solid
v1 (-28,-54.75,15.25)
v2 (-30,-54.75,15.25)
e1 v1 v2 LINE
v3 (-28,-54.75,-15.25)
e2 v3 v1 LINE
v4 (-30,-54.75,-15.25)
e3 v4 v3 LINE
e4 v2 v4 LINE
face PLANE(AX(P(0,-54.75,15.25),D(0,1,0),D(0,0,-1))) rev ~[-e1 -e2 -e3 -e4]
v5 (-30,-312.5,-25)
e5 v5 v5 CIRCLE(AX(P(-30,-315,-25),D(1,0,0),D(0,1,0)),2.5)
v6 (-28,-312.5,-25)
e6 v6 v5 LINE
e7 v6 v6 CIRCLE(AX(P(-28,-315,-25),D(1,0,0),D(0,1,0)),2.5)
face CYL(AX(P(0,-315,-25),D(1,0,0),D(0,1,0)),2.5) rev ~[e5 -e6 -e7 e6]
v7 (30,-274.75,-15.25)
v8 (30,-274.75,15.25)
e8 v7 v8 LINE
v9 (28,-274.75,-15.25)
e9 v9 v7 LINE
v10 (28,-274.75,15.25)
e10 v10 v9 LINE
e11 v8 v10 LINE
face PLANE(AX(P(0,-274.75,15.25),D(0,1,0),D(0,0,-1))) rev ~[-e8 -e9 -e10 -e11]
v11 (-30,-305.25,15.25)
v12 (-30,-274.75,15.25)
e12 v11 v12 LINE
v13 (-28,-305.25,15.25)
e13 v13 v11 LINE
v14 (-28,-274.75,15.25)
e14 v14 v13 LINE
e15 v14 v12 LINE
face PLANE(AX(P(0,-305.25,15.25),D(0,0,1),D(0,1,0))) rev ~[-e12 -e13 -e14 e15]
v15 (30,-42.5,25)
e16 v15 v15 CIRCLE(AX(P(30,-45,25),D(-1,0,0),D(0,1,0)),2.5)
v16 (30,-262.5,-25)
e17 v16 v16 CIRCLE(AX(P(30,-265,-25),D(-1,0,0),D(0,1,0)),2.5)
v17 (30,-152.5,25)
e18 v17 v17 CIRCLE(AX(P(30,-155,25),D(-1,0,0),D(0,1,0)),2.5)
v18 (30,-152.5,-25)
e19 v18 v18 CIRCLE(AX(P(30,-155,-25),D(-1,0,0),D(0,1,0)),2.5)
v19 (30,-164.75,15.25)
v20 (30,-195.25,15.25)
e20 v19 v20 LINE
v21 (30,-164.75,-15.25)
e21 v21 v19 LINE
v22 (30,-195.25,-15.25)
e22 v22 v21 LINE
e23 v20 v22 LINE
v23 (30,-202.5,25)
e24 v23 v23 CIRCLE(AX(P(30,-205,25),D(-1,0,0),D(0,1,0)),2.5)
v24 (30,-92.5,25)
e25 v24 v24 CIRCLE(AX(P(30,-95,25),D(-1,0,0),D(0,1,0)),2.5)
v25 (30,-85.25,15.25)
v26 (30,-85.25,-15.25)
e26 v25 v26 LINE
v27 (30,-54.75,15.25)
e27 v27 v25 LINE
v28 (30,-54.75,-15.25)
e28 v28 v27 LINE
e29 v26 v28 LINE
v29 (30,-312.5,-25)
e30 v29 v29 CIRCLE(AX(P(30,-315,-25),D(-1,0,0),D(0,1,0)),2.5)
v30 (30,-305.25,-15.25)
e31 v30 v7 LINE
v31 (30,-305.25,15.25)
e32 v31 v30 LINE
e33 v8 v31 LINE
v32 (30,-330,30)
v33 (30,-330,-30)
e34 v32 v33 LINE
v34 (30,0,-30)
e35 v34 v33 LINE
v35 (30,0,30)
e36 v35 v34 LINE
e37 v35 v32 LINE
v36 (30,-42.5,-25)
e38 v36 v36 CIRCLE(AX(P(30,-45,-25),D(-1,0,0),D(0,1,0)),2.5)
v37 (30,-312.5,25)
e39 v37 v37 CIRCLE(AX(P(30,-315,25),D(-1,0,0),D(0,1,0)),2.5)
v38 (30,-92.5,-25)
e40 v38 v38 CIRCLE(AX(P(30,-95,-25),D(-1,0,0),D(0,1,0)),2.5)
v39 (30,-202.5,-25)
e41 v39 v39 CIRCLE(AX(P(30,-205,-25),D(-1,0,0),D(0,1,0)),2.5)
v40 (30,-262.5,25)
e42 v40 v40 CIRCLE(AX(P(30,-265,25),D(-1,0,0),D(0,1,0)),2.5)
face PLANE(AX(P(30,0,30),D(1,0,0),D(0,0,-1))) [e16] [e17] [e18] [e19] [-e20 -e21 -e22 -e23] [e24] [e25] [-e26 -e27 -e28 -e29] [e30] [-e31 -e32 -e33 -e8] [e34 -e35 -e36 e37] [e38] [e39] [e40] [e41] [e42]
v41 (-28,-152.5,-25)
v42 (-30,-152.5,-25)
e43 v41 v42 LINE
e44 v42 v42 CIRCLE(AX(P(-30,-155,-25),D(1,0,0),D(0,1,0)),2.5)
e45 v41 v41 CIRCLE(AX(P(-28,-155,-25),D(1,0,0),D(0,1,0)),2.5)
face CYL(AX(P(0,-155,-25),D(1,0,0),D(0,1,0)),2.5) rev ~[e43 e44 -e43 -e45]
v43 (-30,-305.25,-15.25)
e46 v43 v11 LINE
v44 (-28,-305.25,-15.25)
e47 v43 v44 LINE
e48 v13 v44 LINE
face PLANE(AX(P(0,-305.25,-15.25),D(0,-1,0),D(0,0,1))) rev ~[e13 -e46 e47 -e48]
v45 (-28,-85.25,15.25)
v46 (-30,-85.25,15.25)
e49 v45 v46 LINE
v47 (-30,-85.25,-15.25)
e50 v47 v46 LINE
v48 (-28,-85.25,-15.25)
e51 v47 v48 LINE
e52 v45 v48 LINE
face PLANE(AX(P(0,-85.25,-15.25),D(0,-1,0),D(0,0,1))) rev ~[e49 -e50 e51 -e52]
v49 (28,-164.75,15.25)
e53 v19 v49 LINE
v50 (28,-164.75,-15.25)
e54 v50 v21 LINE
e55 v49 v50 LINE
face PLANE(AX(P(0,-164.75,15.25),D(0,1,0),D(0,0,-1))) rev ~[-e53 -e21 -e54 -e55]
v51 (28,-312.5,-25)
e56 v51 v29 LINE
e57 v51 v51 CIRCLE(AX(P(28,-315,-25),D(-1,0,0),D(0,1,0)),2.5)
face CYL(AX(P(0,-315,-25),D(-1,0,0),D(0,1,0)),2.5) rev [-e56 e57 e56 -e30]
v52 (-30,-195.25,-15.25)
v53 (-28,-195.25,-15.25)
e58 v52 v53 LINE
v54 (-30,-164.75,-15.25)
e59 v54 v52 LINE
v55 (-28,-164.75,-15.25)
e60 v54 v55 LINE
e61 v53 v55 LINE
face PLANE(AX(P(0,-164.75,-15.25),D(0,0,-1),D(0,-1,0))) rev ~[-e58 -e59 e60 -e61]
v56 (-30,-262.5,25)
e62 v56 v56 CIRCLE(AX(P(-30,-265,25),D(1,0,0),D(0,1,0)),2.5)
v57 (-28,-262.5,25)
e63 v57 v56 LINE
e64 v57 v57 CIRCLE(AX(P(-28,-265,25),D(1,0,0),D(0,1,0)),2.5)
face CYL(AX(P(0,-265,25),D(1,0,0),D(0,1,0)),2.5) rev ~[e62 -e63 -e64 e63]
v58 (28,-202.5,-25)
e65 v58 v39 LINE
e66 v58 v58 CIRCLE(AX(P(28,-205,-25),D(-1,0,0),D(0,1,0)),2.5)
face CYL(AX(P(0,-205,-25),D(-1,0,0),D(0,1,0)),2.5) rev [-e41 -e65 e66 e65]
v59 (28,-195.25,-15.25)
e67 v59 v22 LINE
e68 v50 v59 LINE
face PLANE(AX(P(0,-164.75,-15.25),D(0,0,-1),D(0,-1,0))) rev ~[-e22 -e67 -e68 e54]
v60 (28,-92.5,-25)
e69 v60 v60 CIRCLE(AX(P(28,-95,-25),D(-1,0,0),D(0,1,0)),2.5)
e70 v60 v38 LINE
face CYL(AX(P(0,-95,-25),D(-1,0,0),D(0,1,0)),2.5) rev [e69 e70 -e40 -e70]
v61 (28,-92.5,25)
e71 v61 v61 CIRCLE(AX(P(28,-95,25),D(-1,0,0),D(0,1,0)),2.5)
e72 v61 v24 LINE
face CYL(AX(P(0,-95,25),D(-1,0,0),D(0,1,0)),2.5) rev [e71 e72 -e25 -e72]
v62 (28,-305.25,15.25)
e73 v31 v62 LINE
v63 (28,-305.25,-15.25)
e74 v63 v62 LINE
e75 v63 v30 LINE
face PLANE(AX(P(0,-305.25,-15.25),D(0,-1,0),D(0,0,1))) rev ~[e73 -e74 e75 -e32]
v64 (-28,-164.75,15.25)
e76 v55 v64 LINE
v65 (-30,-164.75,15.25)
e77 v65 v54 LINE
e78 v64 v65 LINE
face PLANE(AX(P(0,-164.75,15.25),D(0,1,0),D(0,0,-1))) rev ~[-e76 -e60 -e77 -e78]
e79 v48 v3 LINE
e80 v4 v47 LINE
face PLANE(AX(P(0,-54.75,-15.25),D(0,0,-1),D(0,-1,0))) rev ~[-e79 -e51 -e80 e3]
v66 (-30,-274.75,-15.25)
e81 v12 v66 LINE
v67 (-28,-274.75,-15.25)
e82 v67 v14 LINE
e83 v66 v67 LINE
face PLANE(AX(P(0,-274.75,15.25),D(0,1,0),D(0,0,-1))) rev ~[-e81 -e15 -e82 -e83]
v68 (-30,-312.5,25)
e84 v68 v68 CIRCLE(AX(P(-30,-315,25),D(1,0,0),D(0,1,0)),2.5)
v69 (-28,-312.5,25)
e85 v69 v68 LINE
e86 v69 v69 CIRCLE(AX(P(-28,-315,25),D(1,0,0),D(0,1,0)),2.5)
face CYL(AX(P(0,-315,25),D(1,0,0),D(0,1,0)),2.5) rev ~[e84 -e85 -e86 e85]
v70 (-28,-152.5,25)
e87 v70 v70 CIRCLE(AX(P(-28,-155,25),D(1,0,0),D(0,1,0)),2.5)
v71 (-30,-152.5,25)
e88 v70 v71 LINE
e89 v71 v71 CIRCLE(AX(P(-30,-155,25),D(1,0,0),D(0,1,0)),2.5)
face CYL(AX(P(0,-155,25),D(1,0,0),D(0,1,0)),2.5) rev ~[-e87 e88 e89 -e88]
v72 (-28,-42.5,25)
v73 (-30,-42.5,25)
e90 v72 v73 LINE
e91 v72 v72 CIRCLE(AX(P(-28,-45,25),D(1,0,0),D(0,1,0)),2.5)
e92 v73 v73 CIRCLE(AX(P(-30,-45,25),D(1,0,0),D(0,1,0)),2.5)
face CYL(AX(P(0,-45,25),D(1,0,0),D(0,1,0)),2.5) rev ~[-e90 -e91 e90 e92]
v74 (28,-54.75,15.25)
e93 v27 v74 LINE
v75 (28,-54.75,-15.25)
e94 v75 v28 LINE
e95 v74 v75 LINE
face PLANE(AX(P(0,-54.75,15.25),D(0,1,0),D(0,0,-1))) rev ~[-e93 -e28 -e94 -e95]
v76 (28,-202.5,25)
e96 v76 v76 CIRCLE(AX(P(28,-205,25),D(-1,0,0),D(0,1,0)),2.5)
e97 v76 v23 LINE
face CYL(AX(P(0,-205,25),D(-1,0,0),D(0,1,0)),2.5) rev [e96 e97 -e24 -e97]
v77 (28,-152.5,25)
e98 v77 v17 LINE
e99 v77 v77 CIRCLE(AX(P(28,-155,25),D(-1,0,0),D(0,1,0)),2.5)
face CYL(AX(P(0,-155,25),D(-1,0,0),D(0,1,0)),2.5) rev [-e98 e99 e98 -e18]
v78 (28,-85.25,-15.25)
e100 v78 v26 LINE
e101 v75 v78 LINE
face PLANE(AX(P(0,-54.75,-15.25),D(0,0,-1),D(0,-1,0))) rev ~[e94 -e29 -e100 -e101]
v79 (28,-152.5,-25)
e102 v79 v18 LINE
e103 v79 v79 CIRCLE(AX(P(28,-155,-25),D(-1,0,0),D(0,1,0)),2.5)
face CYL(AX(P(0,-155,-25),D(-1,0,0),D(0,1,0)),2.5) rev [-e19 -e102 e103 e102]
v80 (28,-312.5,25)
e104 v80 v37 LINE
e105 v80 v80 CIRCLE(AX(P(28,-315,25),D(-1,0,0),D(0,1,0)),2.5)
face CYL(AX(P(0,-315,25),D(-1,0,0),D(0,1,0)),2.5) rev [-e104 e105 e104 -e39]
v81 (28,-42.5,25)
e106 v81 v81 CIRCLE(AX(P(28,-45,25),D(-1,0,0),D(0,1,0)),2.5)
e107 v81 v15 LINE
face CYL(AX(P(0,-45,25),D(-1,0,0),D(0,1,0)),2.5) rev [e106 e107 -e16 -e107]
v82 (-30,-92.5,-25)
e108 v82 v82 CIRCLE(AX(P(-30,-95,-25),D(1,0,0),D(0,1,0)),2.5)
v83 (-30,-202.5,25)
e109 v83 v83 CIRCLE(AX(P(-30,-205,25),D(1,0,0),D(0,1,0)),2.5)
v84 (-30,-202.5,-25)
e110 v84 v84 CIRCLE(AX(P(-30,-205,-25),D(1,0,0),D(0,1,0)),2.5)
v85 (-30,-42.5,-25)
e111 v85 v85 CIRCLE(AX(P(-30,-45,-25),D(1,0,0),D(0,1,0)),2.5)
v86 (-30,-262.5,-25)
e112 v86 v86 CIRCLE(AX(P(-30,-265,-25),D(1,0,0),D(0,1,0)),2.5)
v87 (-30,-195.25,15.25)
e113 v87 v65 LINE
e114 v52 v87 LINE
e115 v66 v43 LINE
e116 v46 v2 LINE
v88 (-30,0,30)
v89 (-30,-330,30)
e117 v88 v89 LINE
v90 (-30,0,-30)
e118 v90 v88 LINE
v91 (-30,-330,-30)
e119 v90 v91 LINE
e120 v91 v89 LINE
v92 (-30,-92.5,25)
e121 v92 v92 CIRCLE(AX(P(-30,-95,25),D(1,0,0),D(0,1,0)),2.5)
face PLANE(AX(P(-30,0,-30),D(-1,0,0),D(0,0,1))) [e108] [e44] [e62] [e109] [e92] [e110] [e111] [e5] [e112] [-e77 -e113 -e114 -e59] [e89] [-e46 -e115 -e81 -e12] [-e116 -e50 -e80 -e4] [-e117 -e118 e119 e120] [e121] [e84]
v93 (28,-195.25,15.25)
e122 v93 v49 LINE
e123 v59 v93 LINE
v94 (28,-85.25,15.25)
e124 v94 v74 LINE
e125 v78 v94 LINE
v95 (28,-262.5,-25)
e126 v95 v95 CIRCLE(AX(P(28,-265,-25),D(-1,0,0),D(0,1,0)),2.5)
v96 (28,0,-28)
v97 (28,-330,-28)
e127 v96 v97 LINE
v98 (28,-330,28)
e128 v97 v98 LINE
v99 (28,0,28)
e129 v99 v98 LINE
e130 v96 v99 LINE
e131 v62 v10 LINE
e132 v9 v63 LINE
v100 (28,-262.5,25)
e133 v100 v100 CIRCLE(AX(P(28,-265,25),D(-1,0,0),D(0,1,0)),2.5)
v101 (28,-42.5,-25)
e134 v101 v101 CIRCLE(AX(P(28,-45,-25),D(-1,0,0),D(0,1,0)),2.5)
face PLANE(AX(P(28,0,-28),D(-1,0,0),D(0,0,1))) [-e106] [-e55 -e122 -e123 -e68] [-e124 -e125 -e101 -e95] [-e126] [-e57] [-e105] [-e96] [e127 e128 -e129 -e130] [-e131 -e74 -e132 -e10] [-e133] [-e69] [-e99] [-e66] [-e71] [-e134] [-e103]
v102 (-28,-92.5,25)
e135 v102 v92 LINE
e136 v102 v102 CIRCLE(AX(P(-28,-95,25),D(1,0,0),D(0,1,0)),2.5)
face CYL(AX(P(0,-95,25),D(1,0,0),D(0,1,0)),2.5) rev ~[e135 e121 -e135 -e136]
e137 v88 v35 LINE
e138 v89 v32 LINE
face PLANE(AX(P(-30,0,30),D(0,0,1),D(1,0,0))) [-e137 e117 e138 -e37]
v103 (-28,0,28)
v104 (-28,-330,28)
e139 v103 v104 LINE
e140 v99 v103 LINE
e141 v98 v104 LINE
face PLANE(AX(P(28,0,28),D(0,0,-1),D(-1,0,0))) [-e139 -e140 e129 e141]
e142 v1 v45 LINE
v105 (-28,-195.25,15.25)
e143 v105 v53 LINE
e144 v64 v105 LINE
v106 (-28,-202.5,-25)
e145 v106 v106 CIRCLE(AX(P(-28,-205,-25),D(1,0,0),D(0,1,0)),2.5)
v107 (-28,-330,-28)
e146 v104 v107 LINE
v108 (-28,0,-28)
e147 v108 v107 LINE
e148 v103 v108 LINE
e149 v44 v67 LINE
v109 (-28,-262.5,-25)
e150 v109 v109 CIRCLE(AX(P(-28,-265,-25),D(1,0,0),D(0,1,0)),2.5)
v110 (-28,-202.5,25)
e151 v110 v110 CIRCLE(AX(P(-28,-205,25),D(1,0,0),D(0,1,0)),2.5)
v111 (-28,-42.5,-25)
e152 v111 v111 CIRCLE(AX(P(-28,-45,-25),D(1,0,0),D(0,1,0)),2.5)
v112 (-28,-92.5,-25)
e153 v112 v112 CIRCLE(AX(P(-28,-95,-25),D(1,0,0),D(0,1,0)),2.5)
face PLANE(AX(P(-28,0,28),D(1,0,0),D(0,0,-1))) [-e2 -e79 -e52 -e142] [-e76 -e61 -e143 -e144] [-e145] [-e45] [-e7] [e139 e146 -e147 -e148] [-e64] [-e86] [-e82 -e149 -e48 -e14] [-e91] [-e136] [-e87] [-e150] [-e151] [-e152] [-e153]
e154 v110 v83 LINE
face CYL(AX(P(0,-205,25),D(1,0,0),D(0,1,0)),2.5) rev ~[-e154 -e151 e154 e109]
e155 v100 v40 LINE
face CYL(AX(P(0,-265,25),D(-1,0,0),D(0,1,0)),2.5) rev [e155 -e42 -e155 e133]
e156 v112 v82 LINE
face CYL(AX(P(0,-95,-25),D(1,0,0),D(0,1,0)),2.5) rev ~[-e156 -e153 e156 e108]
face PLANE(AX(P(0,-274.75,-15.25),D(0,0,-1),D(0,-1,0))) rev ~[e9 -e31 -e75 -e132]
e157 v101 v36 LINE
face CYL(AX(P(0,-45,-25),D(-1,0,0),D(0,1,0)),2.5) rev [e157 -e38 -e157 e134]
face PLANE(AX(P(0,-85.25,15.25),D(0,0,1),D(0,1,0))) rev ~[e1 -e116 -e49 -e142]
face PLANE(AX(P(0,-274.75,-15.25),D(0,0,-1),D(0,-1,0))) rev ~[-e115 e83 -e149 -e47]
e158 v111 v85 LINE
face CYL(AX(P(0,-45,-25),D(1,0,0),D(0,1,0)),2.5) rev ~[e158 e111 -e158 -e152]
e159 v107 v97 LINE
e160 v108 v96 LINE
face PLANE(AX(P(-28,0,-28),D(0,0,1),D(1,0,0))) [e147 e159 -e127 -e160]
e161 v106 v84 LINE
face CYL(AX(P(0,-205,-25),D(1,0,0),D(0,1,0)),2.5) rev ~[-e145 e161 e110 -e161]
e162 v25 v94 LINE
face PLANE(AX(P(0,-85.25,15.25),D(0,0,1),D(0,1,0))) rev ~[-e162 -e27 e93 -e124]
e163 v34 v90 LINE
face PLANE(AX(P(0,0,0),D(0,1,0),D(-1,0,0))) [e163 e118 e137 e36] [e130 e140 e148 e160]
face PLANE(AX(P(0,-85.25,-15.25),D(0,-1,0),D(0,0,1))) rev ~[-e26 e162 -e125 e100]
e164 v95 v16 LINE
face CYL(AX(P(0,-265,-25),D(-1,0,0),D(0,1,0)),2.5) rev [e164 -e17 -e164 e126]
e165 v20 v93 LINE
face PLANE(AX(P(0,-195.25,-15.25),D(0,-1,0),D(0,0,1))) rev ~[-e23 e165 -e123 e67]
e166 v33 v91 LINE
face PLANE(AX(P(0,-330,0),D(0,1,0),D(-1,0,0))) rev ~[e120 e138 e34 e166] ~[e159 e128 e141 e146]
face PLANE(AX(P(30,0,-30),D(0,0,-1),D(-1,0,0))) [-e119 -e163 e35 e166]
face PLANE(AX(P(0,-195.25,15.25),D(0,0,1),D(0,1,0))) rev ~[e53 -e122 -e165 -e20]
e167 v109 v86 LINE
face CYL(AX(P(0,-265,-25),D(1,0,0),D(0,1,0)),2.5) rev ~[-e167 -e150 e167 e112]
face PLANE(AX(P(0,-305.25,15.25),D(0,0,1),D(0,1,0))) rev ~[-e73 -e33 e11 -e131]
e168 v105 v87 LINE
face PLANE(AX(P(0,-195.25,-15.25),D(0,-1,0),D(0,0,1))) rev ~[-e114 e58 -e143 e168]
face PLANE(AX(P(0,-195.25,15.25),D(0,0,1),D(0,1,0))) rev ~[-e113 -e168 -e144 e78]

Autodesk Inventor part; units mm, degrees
ref_plane "YZ Plane" through (0, 0, 0) normal (1, 0, 0) x (0, 1, 0)
ref_plane "XZ Plane" through (0, 0, 0) normal (0, 1, 0) x (-1, 0, 0)
ref_plane "XY Plane" through (0, 0, 0) normal (0, 0, 1) x (1, 0, 0)
sketch "Sketch9" plane through (0, 0, 0) normal (0, 1, 0) x (-1, 0, 0)
  line L0 (30, 30) -> (-30, 30)
  line L1 (-30, 30) -> (-30, -30)
  line L2 (-30, -30) -> (30, -30)
  line L3 (30, -30) -> (30, 30)
  line L4 (30, 30) -> (-30, -30) construction
  line L5 (-30, 30) -> (30, -30) construction
  line L6 (-28, 28) -> (28, 28)
  line L7 (28, 28) -> (28, -28)
  line L8 (28, -28) -> (-28, -28)
  line L9 (-28, -28) -> (-28, 28)
  point P0 (0, 0)
  dimension "d172" = 60
  dimension "d173" = 60
  dimension "d174" = 2
extrude "Extrusion3" add sketch "Sketch9" against normal blind 330
sketch "Sketch10" plane through (0, 0, 0) normal (1, 0, 0) x (0, 1, 0)
  line L0 (0, 30) -> (0, -30) construction
  line L1 (0, 30) -> (-330, 30) construction
  line L2 (-330, -30) -> (-330, 30) construction
  line L3 (0, -30) -> (-330, -30) construction
  line L4 (0, 0) -> (40, 0)
  line L5 (-85.25, -15.25) -> (-85.25, 15.25)
  line L6 (-85.25, 15.25) -> (-54.75, 15.25)
  line L7 (-54.75, 15.25) -> (-54.75, -15.25)
  line L8 (-54.75, -15.25) -> (-85.25, 15.25) construction
  line L9 (-85.25, -15.25) -> (-54.75, 15.25) construction
  circle A0 centre (-95, 25) radius 2.5
  circle A1 centre (-45, 25) radius 2.5
  line L10 (-85.25, -15.25) -> (-95, -25) construction
  circle A2 centre (-45, -25) radius 2.5
  circle A3 centre (-95, -25) radius 2.5
  circle A4 centre (-70, 0) radius 35.3553 construction
  line L11 (-54.75, -15.25) -> (-85.25, -15.25)
  line L12 (-42.5, -27.5) -> (-97.5, -27.5) construction
  line L13 (-97.5, -27.5) -> (-97.5, 27.5) construction
  line L14 (-97.5, 27.5) -> (-42.5, 27.5) construction
  line L15 (-42.5, 27.5) -> (-42.5, -27.5) construction
  line L16 (-42.5, -27.5) -> (-97.5, 27.5) construction
  line L17 (-97.5, -27.5) -> (-42.5, 27.5) construction
  line L18 (-70, 37.0891) -> (-70, 0) construction
  circle A5 centre (-95, 25) radius 13.7886 construction
  point P0 (-391.3995, 90.0207)
  point P1 (-386.6495, 165.0207)
  dimension "d191" = 27.5772
  dimension "d181" = 40
  dimension "d187" = 30.5
  dimension "d188" = 30.5
  dimension "d189" = 5
  dimension "d190" = 55
  dimension "d192" = 110
  dimension "d196" = 50
extrude "Extrusion4" cut sketch "Sketch10" along normal through all both and the other way through all
pattern_linear "Rectangular Pattern4" count 3 spacing 110 along (0, -1, 0) of "Extrusion4"
properties part number "NDA-1661 (fds) main way tube" material "Stainless Steel"
